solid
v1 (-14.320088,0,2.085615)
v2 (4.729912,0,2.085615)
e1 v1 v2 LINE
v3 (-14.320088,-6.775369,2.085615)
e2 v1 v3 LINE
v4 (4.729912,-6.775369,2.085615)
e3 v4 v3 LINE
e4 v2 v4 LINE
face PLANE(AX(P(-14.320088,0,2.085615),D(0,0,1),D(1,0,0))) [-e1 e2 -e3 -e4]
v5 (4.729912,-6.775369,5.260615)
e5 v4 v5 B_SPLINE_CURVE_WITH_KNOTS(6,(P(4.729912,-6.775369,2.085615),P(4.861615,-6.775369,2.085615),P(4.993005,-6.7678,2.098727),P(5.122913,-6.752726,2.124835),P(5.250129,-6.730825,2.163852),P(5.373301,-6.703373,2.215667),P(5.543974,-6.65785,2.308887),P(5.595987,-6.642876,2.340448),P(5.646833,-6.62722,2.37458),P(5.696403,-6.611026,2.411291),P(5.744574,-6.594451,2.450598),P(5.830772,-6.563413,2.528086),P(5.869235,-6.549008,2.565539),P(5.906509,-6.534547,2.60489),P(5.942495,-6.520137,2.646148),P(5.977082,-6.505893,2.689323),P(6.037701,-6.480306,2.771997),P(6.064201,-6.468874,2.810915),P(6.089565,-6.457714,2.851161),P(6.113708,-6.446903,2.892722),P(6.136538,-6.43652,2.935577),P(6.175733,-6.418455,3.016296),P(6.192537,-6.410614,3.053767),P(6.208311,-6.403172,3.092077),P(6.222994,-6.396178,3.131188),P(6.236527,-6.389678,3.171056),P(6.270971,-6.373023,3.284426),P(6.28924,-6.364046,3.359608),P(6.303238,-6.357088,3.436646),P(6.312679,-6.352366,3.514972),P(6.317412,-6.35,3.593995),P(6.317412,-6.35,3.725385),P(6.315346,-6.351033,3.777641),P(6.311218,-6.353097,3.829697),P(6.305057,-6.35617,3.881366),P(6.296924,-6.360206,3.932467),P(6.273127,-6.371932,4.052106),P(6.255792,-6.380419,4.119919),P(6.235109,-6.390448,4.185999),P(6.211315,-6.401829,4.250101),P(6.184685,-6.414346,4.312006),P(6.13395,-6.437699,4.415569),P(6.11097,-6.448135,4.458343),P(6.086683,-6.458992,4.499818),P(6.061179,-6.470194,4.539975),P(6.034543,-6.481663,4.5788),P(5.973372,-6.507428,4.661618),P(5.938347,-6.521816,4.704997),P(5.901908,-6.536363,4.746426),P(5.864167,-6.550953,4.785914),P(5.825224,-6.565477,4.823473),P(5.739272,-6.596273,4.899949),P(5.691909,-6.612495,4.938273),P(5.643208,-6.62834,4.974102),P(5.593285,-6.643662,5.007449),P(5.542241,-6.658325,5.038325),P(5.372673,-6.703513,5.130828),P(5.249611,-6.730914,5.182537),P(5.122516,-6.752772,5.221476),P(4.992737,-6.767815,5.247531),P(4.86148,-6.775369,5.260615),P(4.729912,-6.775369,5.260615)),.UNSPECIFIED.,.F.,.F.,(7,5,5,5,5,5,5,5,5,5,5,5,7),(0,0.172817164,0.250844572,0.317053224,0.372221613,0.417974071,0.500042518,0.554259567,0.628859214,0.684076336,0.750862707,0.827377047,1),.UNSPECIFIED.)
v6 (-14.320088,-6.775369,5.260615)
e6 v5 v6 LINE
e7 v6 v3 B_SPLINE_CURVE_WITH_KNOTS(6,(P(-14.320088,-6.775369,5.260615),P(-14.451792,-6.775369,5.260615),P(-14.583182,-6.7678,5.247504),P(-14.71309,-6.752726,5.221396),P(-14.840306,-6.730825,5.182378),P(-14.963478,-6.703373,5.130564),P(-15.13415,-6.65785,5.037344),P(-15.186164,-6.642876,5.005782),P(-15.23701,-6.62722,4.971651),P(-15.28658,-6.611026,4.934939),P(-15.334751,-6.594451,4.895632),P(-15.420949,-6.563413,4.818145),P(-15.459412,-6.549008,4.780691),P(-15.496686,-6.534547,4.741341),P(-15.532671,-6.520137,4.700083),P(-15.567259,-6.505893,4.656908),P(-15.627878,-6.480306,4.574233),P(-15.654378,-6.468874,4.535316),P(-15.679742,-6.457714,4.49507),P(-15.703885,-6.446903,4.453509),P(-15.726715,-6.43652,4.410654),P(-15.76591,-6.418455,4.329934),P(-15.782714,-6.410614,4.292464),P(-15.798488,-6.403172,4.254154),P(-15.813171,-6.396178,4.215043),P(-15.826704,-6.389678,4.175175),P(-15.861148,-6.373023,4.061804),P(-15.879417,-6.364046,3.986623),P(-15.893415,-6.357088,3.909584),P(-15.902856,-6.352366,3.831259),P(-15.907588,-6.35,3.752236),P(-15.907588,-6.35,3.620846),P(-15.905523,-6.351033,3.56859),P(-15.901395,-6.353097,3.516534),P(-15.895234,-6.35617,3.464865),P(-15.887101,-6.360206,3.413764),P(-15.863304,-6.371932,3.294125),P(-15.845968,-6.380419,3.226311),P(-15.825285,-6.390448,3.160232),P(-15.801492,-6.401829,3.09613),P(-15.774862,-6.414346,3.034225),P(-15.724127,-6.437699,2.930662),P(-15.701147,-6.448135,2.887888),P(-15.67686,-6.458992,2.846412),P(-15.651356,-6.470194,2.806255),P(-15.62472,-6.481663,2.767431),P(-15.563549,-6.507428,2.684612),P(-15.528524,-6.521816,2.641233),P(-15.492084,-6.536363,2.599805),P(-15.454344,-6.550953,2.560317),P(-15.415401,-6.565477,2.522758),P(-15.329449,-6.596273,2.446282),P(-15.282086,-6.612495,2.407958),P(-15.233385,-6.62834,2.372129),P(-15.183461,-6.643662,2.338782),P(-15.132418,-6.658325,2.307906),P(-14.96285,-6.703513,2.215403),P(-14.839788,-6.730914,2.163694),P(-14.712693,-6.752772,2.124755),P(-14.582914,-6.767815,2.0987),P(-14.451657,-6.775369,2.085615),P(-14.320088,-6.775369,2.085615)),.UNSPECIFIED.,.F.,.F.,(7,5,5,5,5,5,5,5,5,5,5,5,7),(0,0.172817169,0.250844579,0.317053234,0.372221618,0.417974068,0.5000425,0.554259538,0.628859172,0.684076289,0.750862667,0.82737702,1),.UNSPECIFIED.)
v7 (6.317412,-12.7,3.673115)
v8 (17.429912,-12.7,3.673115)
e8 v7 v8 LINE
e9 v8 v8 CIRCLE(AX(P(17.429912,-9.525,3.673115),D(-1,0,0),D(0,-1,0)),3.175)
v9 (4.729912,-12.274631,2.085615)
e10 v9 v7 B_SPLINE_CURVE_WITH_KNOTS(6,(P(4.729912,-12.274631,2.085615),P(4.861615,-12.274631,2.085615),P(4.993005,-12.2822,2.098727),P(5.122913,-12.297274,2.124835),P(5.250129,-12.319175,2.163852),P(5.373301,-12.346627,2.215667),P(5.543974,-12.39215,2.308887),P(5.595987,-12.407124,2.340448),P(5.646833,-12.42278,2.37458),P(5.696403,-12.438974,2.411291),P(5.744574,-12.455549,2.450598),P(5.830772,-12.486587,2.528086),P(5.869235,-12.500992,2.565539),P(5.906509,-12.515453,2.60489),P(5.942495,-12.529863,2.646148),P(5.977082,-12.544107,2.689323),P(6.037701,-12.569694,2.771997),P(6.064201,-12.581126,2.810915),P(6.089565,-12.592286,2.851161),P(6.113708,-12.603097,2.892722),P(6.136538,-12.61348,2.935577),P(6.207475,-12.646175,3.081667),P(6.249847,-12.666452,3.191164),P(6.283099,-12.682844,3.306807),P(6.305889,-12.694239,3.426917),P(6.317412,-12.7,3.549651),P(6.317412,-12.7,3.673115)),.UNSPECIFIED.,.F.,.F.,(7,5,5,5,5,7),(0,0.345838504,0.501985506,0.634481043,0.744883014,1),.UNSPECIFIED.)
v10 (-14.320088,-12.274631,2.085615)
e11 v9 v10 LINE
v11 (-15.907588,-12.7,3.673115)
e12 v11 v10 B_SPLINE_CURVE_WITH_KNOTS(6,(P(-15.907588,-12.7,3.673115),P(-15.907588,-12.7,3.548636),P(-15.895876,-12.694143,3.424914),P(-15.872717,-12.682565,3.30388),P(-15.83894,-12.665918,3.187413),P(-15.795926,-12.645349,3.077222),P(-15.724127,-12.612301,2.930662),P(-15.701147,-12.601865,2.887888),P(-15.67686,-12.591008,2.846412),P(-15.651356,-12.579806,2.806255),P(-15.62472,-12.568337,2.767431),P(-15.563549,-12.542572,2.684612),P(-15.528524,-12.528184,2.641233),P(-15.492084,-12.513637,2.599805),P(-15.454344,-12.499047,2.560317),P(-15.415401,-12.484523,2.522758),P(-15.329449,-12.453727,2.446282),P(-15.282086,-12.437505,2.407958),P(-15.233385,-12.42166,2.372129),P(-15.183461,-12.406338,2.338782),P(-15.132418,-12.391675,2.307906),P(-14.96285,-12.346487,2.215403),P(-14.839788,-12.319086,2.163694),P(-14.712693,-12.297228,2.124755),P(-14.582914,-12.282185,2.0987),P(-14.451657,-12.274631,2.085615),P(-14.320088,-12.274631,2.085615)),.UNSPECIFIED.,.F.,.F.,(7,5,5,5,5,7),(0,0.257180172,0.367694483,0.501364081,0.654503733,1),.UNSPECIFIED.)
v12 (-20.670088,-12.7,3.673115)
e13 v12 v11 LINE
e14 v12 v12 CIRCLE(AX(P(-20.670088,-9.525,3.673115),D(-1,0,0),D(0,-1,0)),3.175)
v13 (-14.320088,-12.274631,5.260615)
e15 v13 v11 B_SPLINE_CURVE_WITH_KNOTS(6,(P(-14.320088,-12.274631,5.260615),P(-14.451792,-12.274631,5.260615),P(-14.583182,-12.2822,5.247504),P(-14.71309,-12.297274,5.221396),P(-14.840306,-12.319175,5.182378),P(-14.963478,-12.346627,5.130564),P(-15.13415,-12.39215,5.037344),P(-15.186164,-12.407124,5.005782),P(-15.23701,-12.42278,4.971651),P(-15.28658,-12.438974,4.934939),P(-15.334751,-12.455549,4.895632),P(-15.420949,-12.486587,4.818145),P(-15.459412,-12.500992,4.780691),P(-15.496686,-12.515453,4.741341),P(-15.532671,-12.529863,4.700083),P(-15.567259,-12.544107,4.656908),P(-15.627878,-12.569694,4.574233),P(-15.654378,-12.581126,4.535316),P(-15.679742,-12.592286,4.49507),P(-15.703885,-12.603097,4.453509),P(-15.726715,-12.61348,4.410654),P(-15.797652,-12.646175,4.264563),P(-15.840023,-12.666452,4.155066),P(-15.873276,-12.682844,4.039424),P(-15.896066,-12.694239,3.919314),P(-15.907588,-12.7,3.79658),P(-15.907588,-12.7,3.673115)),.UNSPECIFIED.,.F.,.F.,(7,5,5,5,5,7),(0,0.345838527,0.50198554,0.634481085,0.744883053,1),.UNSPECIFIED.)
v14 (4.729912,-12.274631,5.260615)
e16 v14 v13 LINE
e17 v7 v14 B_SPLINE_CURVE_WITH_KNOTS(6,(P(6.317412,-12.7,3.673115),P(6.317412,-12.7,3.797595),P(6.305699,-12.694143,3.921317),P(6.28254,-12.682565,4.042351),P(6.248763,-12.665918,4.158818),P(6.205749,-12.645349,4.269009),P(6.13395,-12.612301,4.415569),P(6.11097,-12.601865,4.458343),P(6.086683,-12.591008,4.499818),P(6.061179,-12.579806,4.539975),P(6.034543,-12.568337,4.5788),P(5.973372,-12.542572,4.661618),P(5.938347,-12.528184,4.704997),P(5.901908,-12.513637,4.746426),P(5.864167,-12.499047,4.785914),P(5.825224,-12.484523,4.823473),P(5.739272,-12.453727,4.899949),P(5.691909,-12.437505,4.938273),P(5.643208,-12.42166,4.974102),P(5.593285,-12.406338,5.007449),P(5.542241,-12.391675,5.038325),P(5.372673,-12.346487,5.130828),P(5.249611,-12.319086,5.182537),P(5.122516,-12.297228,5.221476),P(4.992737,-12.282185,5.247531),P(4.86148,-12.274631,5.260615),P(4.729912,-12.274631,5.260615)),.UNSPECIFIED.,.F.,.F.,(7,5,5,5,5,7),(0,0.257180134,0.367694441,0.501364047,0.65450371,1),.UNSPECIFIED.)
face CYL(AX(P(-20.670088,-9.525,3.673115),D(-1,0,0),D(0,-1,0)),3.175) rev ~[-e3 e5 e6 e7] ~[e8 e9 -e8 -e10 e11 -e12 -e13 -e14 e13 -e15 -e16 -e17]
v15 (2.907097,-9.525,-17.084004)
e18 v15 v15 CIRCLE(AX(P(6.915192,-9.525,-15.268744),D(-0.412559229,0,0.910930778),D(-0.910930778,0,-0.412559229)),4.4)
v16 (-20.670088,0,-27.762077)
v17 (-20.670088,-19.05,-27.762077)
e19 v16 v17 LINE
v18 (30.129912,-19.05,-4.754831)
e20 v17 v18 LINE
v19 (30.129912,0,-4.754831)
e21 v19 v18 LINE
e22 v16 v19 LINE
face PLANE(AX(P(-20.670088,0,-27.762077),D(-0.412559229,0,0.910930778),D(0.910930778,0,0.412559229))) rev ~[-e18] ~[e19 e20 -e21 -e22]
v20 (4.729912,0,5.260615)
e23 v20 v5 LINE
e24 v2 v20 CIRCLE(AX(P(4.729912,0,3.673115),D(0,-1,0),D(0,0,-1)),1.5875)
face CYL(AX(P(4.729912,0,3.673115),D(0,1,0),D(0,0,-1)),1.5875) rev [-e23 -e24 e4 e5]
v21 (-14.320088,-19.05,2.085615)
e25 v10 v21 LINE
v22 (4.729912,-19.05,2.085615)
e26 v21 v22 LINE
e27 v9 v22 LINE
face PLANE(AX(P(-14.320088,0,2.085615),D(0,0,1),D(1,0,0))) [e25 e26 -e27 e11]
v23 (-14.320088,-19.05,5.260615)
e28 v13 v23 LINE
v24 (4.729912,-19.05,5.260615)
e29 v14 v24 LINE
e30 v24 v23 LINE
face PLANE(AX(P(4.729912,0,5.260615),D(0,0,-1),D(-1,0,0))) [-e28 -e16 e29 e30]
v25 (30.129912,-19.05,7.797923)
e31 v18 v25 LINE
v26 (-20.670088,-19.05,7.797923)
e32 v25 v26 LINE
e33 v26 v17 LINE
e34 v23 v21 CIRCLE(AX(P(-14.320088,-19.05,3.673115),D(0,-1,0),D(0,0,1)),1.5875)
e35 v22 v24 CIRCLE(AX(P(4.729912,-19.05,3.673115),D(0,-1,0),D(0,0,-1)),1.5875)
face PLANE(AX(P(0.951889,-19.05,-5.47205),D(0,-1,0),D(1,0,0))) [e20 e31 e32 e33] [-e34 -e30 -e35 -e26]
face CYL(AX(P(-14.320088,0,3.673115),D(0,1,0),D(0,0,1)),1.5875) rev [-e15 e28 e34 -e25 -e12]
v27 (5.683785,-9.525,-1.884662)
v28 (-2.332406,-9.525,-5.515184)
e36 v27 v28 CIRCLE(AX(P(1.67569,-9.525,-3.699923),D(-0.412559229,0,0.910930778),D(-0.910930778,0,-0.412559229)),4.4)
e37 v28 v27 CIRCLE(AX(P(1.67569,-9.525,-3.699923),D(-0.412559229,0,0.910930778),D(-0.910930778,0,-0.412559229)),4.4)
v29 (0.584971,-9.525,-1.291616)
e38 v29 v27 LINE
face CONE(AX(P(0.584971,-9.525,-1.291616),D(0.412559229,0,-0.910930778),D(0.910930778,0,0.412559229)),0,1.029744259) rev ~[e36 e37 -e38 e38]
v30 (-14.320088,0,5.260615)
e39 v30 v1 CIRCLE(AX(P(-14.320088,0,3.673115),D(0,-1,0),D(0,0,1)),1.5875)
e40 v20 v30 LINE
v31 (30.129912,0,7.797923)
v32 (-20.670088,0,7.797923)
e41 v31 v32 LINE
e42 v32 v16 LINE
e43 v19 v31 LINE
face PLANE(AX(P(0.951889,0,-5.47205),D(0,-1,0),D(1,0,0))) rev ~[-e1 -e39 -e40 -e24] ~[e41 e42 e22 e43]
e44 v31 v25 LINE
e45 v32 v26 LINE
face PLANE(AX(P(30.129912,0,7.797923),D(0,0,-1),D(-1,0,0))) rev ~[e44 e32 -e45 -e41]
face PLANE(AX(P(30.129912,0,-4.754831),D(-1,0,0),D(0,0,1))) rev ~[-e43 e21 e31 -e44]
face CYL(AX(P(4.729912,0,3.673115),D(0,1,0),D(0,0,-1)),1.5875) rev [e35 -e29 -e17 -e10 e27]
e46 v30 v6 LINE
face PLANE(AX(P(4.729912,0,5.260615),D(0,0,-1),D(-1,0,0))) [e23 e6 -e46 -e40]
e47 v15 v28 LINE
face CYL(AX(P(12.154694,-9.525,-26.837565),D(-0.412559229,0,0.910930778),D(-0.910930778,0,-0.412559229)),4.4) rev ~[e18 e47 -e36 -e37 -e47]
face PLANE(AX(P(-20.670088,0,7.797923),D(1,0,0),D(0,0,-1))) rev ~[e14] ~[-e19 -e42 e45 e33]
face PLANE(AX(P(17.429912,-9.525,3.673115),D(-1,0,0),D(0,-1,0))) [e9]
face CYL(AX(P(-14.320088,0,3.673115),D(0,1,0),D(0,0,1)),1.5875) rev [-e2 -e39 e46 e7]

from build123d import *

# Parameters (mm, degrees)
F1_DEPTH = 19.05
F3_R     = 3.175
F4_DEPTH = 38.1
F6_DEPTH = 19.05
F8_D     = 8.8
F8_DEPTH = 12.7
F8_TIP   = 2.6437867237


with BuildPart() as f1:
    # F0 (on Front) → F1 (new body)
    with BuildSketch(Plane.XZ):
        Polygon((-20.6700884257, 7.7979226127), (-20.6700884257, -27.7620773873), (30.1299115743, -4.7548310105), (30.1299115743, 7.7979226127), align=None)
    extrude(amount=F1_DEPTH)

    # F3 (on face) → F4 (cut)
    with BuildSketch(Plane(origin=(-20.6700884257, 0, 0), x_dir=(0, -1, 0), z_dir=(-1, 0, 0))):
        with Locations((9.525, 3.6731153582)):
            Circle(F3_R)
    extrude(amount=-F4_DEPTH, mode=Mode.SUBTRACT)

    # F5 (on face) → F6 (cut, through all)
    with BuildSketch(Plane.XZ):
        with BuildLine():
            ThreePointArc((4.7299115743, 2.0856153582), (6.3174115743, 3.6731153582), (4.7299115743, 5.2606153582))
            Line((4.7299115743, 5.2606153582), (-14.3200884257, 5.2606153582))
            ThreePointArc((-14.3200884257, 5.2606153582), (-15.9075884257, 3.6731153582), (-14.3200884257, 2.0856153582))
            Line((-14.3200884257, 2.0856153582), (4.7299115743, 2.0856153582))
        make_face()
    extrude(amount=F6_DEPTH, mode=Mode.SUBTRACT)

    # F8
    with Locations(Plane(origin=(6.9151919719, 0, -15.2687438739), x_dir=(0.9109307781, 0, 0.4125592292), z_dir=(0.4125592292, 0, -0.9109307781))):
        with Locations((0, 9.525)):
            Hole(F8_D / 2, depth=F8_DEPTH)
            with Locations((0, 0, -(F8_DEPTH + F8_TIP / 2))):  # 118° drill point
                Cone(0, F8_D / 2, F8_TIP, mode=Mode.SUBTRACT)


solid = f1.part
